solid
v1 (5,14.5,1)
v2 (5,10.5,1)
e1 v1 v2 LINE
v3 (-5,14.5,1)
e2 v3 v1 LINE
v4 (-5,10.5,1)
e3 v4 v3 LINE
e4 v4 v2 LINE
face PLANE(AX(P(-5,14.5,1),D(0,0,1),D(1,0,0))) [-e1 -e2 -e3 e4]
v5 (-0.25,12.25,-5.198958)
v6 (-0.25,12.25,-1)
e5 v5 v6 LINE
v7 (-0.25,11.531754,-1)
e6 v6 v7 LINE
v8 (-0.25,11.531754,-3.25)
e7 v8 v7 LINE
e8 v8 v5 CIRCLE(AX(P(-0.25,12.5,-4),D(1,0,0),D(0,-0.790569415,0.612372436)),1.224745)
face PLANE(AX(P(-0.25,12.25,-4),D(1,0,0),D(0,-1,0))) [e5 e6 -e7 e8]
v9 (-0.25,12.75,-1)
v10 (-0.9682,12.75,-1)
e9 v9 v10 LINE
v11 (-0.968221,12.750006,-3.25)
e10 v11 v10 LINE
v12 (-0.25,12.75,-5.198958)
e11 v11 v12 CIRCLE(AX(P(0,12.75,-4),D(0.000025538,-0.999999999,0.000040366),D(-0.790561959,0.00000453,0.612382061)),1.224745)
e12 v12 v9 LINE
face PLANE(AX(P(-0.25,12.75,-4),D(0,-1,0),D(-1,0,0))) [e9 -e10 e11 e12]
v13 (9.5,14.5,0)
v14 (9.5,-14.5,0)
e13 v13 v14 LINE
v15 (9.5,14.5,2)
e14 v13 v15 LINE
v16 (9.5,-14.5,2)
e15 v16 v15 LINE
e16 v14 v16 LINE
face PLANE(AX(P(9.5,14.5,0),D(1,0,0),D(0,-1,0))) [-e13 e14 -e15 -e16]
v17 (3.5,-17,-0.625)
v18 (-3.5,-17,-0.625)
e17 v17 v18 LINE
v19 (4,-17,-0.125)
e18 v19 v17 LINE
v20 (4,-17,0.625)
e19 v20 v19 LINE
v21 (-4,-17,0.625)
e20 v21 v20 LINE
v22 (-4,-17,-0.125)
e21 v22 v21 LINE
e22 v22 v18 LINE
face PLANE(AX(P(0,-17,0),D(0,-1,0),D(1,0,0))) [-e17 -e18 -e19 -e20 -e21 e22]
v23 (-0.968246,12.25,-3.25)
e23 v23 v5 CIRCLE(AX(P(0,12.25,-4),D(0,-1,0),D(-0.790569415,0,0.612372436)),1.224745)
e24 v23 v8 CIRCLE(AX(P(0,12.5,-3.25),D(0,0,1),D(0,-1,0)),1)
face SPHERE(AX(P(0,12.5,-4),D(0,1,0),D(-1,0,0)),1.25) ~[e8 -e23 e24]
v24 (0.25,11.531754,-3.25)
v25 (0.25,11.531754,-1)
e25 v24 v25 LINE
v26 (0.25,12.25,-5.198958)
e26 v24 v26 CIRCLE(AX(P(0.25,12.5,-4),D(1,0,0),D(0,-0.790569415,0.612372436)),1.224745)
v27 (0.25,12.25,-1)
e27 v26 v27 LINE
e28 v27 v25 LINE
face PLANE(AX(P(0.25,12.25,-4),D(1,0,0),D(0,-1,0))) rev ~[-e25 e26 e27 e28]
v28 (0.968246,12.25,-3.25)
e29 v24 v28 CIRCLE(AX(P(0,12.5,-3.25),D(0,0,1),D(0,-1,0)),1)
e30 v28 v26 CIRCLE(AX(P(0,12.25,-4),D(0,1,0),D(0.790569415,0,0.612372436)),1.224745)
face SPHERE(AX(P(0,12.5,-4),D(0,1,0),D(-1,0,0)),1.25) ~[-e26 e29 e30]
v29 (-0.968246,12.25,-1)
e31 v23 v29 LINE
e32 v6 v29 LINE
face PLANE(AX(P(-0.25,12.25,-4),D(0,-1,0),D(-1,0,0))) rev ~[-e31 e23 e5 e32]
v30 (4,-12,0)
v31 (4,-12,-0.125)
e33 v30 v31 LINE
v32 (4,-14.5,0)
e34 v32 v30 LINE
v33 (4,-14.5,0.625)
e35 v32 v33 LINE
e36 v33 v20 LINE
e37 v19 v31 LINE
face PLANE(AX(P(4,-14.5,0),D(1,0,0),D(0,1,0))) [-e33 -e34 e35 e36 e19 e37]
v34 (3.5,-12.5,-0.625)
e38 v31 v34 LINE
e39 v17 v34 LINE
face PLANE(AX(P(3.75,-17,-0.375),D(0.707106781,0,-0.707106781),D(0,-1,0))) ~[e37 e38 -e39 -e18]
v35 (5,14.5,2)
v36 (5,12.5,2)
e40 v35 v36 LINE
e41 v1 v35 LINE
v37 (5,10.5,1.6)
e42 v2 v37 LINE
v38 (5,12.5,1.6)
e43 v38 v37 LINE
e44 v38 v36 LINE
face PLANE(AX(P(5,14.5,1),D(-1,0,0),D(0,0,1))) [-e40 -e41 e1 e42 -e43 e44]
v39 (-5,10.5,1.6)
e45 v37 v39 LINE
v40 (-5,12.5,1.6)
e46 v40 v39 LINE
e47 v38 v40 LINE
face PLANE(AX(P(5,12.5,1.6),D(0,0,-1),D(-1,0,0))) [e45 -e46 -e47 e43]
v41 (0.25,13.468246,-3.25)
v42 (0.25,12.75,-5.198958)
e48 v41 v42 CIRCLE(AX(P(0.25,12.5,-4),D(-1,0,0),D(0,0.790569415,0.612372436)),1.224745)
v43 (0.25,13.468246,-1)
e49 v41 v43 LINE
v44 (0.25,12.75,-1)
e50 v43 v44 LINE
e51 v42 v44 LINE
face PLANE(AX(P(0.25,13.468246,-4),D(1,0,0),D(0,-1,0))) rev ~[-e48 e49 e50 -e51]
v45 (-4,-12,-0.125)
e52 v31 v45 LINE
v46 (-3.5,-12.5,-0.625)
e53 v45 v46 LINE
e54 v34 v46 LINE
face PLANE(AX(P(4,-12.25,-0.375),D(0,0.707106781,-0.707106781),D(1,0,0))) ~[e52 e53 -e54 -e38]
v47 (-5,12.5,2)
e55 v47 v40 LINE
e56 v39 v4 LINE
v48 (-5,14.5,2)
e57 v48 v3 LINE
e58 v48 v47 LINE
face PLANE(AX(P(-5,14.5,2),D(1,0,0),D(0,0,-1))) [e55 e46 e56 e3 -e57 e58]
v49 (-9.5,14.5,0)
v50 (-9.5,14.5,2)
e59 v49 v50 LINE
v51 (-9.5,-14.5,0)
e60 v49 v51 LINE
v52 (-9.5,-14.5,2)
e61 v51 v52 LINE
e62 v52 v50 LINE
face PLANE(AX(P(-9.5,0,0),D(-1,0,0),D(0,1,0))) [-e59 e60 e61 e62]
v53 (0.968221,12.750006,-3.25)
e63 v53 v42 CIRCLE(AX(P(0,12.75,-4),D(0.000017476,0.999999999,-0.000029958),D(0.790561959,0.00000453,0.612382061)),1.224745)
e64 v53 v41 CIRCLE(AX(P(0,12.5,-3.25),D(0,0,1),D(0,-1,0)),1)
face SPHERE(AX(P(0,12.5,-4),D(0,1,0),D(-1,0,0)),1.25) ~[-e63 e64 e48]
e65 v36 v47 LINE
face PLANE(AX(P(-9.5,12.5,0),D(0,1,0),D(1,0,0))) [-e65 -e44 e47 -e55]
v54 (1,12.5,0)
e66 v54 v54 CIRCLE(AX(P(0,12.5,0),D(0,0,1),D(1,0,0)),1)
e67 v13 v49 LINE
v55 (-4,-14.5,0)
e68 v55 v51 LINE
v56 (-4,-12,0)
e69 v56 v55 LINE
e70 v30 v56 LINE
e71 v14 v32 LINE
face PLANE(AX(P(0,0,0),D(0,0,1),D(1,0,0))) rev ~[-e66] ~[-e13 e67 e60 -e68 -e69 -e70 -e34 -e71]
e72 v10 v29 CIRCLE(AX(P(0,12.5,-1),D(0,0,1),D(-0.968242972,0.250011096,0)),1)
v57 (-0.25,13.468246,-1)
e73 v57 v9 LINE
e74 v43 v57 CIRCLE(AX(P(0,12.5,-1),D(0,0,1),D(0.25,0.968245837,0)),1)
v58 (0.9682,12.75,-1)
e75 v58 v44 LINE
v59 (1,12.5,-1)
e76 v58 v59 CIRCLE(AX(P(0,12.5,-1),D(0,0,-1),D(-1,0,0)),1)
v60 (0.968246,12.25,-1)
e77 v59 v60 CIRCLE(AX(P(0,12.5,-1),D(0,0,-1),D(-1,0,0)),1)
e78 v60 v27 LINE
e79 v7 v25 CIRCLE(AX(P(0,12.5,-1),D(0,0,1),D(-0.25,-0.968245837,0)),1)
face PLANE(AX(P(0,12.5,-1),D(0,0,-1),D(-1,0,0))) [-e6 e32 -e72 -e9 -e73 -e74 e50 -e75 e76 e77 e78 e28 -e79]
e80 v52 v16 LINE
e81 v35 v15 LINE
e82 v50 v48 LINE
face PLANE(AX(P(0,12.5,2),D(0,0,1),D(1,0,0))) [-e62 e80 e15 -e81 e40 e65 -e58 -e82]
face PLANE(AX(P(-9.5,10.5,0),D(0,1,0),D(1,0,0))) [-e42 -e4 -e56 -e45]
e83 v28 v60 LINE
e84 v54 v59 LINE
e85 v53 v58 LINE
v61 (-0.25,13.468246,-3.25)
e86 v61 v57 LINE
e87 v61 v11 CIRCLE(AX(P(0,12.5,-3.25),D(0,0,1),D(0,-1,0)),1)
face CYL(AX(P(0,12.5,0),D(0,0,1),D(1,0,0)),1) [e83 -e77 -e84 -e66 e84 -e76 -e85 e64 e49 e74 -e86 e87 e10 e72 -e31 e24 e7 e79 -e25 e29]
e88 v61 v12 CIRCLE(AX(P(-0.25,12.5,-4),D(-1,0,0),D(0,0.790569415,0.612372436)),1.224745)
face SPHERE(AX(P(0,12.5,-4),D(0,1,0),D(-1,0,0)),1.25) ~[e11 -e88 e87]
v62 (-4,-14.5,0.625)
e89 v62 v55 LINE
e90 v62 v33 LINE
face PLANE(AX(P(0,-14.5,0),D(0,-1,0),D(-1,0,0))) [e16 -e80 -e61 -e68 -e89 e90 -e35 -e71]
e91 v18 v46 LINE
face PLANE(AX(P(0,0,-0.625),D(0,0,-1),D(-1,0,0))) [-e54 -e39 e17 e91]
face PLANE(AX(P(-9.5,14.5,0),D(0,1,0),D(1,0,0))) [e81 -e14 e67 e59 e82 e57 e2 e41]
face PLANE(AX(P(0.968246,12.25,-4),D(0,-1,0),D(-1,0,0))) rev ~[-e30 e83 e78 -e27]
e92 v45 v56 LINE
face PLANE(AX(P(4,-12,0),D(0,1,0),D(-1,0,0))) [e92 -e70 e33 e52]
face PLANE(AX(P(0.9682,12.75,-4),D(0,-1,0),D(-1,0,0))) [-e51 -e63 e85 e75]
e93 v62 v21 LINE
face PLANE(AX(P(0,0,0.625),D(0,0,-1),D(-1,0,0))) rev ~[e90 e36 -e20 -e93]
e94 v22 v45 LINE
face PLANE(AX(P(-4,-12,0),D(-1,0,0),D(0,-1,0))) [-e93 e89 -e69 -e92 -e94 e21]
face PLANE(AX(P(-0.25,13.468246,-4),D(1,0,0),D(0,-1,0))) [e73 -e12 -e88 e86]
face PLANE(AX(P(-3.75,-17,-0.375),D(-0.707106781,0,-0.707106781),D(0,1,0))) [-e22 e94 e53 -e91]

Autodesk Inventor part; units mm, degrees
ref_plane "YZ Plane" through (0, 0, 0) normal (1, 0, 0) x (0, 1, 0)
ref_plane "XZ Plane" through (0, 0, 0) normal (0, 1, 0) x (-1, 0, 0)
ref_plane "XY Plane" through (0, 0, 0) normal (0, 0, 1) x (1, 0, 0)
sketch "Esquisse1" plane through (0, 0, 0) normal (0, 0, 1) x (1, 0, 0)
  line L0 (-9.5, 14.5) -> (9.5, 14.5)
  line L1 (9.5, 14.5) -> (9.5, -14.5)
  line L2 (9.5, -14.5) -> (-9.5, -14.5)
  line L3 (-9.5, -14.5) -> (-9.5, 14.5)
  line L4 (-13.3, 0) -> (13.3, 0) projected
  line L5 (0, -20.3) -> (0, 20.3) projected
  circle A0 centre (0, 12.5) radius 1
  point P0 (0, 0)
  dimension "d0" = 19
  dimension "d1" = 29
  dimension "d2" = 2
  dimension "d3" = 2
extrude "Extrusion1" add sketch "Esquisse1" along normal blind 2 contours L0 L5 A0 L4 L3 | L0 L1 L4 L5 A0 | L4 L5 L2 L3 | L4 L1 L2 L5
sketch "Esquisse2" plane through (0, 0, 0) normal (0, 0, -1) x (-1, 0, 0)
  line L0 (-4, -12) -> (4, -12)
  line L1 (4, -12) -> (4, -17)
  line L2 (4, -17) -> (-4, -17)
  line L3 (-4, -17) -> (-4, -12)
  line L4 (0, -23.3) -> (0, 20.8) projected
  line L5 (9.5, -14.5) -> (-9.5, -14.5) projected
  point P0 (0, 0)
  dimension "d6" = 8
  dimension "d7" = 5
  dimension "d8" = 2.5
extrude "Extrusion2" add sketch "Esquisse2" along normal mid plane 1.25
chamfer "Chanfrein1" distance 0.5 angle 45 3 edges at (0, -12, -0.625) (4, -14.5, -0.625) (-4, -14.5, -0.625)
extrude "Extrusion3" add sketch "Esquisse1" against normal blind 4 contours A0 L5 | L5 A0
sketch "Esquisse3" plane through (0, 12.5, -4) normal (0, 0, -1) x (-1, 0, 0)
  arc A0 (0, -1.25) -> (0, 1.25) centre (0, 0) ccw
  line L0 (0, 1.25) -> (0, -1.25)
  line L1 (0.25, 1.3454) -> (0.25, -1.2696)
  line L2 (-0.25, 1.3454) -> (-0.25, -1.2696)
  line L3 (-0.25, 1.3454) -> (0.25, 1.3454)
  line L4 (0.25, -1.2696) -> (-0.25, -1.2696)
  line L5 (-0.9682, 0.25) -> (0.9682, 0.25)
  circle A1 centre (0, 0) radius 1 projected
  line L6 (-0.9015, -0.25) -> (1.035, -0.25)
  circle A2 centre (0, 0) radius 1 projected
  line L7 (-0.9682, 0.25) -> (-1.0579, 0.25)
  line L8 (-1.0579, -0.25) -> (-0.9015, -0.25)
  line L9 (1.035, 0.25) -> (0.9682, 0.25)
  line L10 (1.035, 0.25) -> (1.2927, 0.25)
  line L11 (1.2927, 0.25) -> (1.2927, -0.25)
  line L12 (1.2927, -0.25) -> (1.035, -0.25)
  line L13 (-1.0579, 0.25) -> (-1.4678, 0.25)
  line L14 (-1.4678, 0.25) -> (-1.4678, -0.25)
  line L15 (-1.4678, -0.25) -> (-1.0579, -0.25)
  point P0 (0, -12.5)
  point P1 (0, 0)
  point P2 (0.25, 0.25)
  point P3 (-0.25, 0.25)
  point P4 (-0.25, -0.25)
  point P5 (0.25, -0.25)
  point P6 (0, 1.2247)
  point P7 (0, -1.2247)
  point P8 (1.2247, 0.25)
  point P9 (0.25, 1.2247)
  point P10 (1.2247, -0.25)
  point P11 (0.25, -1.2247)
  point P12 (0, -0.25)
  point P13 (0, 0.25)
  dimension "d16" = 1.25
  dimension "d17" = 0
  dimension "d18" = 0
  dimension "d19" = 13.75
  dimension "d21" = 0.25
  dimension "d22" = 0.25
  dimension "d56" = 1.0427
  dimension "d57" = 2.7604
  dimension "d58" = 0.5
  dimension "d59" = 1.0954
  dimension "d60" = 1.5196
  dimension "d61" = 0.2577
  dimension "d62" = 0.2577
  dimension "d63" = 1.0427
  dimension "d64" = 1.0427
  dimension "d65" = 1.0954
  dimension "d66" = 1.0427
  dimension "d67" = 0.5
  dimension "d68" = 1.0427
  dimension "d69" = 0
  dimension "d70" = 1.2927
  dimension "d71" = 0.9747
  dimension "d72" = 1.2927
  dimension "d73" = 1.4747
  dimension "d74" = 1.5427
  dimension "d75" = 0
  dimension "d76" = 1.5427
  dimension "d77" = 0.5
  dimension "d78" = 2.3506
  dimension "d79" = 2.3506
revolve "Révolution1" add sketch "Esquisse3" angle 360 about axis through (0, 13.75, -4) along (0, -1, 0) contours L0 A1 L1 A0 | L1 A1 L6 L12 A0 | L0 L6 L1 A1 | L12 L6 A1 L9 L10 A0 | L1 L6 A1 | L0 L5 L1 L6 | L10 L9 A1 L1 A0 | L1 L5 A1 L6 | L0 A1 L1 L5 | L1 A1 L0 A0 | L1 A1 L5
extrude "Extrusion6" cut sketch "Esquisse3" along normal blind 4 and the other way blind 3 contours L0 A1 L1 A0 | A0 L1 L4 L2 A1 L0 | A1 L2 L6 L0 | L0 L6 L1 A1 | L12 L6 A1 L9 L10 A0 | A0 L10 L11 L12 | L6 L2 L5 L0 | L0 L5 L1 L6 | L1 L5 A1 L6 | L5 L2 A1 L0 | L0 A1 L1 L5 | L6 L8 A1 L5 L2 | L8 L15 L14 L13 L7 A1 | L1 A1 L0 A0 | A0 L0 A1 L2 L3 L1
sketch "Esquisse4" plane through (0, 12.5, 0) normal (0, 0, 1) x (1, 0, 0)
  circle A0 centre (0, 0) radius 1
  point P0 (0, -12.5)
extrude "Extrusion7" add sketch "Esquisse4" along normal blind 2
sketch "Esquisse5" plane through (-9.5, 14.5, 0) normal (0, 1, 0) x (1, 0, 0)
  line L0 (19, -2) -> (0, -2) projected
  line L1 (14.5, -2) -> (4.5, -2)
  line L2 (4.5, -2) -> (4.5, -1)
  line L3 (4.5, -1) -> (14.5, -1)
  line L4 (14.5, -1) -> (14.5, -2)
  line L5 (19, 0) -> (19, -2) projected
  point P0 (9.5, 0)
  point P1 (14.5, -1.5)
  dimension "d86" = 10
  dimension "d87" = 4.5
  dimension "d88" = 1
extrude "Extrusion8" cut sketch "Esquisse5" against normal blind 2
sketch "Esquisse6" plane through (-9.5, 12.5, 0) normal (0, 1, 0) x (1, 0, 0)
  line L0 (4.5, -2) -> (4.5, -1) projected
  line L1 (14.5, -1) -> (14.5, -2) projected
  line L2 (4.5, -1) -> (14.5, -1)
  line L3 (14.5, -1) -> (14.5, -1.6)
  line L4 (14.5, -1.6) -> (4.5, -1.6)
  line L5 (4.5, -1.6) -> (4.5, -1)
  point P0 (9.5, 0)
  dimension "d91" = 0.6
extrude "Extrusion9" cut sketch "Esquisse6" against normal blind 2
properties part number "trappe"
